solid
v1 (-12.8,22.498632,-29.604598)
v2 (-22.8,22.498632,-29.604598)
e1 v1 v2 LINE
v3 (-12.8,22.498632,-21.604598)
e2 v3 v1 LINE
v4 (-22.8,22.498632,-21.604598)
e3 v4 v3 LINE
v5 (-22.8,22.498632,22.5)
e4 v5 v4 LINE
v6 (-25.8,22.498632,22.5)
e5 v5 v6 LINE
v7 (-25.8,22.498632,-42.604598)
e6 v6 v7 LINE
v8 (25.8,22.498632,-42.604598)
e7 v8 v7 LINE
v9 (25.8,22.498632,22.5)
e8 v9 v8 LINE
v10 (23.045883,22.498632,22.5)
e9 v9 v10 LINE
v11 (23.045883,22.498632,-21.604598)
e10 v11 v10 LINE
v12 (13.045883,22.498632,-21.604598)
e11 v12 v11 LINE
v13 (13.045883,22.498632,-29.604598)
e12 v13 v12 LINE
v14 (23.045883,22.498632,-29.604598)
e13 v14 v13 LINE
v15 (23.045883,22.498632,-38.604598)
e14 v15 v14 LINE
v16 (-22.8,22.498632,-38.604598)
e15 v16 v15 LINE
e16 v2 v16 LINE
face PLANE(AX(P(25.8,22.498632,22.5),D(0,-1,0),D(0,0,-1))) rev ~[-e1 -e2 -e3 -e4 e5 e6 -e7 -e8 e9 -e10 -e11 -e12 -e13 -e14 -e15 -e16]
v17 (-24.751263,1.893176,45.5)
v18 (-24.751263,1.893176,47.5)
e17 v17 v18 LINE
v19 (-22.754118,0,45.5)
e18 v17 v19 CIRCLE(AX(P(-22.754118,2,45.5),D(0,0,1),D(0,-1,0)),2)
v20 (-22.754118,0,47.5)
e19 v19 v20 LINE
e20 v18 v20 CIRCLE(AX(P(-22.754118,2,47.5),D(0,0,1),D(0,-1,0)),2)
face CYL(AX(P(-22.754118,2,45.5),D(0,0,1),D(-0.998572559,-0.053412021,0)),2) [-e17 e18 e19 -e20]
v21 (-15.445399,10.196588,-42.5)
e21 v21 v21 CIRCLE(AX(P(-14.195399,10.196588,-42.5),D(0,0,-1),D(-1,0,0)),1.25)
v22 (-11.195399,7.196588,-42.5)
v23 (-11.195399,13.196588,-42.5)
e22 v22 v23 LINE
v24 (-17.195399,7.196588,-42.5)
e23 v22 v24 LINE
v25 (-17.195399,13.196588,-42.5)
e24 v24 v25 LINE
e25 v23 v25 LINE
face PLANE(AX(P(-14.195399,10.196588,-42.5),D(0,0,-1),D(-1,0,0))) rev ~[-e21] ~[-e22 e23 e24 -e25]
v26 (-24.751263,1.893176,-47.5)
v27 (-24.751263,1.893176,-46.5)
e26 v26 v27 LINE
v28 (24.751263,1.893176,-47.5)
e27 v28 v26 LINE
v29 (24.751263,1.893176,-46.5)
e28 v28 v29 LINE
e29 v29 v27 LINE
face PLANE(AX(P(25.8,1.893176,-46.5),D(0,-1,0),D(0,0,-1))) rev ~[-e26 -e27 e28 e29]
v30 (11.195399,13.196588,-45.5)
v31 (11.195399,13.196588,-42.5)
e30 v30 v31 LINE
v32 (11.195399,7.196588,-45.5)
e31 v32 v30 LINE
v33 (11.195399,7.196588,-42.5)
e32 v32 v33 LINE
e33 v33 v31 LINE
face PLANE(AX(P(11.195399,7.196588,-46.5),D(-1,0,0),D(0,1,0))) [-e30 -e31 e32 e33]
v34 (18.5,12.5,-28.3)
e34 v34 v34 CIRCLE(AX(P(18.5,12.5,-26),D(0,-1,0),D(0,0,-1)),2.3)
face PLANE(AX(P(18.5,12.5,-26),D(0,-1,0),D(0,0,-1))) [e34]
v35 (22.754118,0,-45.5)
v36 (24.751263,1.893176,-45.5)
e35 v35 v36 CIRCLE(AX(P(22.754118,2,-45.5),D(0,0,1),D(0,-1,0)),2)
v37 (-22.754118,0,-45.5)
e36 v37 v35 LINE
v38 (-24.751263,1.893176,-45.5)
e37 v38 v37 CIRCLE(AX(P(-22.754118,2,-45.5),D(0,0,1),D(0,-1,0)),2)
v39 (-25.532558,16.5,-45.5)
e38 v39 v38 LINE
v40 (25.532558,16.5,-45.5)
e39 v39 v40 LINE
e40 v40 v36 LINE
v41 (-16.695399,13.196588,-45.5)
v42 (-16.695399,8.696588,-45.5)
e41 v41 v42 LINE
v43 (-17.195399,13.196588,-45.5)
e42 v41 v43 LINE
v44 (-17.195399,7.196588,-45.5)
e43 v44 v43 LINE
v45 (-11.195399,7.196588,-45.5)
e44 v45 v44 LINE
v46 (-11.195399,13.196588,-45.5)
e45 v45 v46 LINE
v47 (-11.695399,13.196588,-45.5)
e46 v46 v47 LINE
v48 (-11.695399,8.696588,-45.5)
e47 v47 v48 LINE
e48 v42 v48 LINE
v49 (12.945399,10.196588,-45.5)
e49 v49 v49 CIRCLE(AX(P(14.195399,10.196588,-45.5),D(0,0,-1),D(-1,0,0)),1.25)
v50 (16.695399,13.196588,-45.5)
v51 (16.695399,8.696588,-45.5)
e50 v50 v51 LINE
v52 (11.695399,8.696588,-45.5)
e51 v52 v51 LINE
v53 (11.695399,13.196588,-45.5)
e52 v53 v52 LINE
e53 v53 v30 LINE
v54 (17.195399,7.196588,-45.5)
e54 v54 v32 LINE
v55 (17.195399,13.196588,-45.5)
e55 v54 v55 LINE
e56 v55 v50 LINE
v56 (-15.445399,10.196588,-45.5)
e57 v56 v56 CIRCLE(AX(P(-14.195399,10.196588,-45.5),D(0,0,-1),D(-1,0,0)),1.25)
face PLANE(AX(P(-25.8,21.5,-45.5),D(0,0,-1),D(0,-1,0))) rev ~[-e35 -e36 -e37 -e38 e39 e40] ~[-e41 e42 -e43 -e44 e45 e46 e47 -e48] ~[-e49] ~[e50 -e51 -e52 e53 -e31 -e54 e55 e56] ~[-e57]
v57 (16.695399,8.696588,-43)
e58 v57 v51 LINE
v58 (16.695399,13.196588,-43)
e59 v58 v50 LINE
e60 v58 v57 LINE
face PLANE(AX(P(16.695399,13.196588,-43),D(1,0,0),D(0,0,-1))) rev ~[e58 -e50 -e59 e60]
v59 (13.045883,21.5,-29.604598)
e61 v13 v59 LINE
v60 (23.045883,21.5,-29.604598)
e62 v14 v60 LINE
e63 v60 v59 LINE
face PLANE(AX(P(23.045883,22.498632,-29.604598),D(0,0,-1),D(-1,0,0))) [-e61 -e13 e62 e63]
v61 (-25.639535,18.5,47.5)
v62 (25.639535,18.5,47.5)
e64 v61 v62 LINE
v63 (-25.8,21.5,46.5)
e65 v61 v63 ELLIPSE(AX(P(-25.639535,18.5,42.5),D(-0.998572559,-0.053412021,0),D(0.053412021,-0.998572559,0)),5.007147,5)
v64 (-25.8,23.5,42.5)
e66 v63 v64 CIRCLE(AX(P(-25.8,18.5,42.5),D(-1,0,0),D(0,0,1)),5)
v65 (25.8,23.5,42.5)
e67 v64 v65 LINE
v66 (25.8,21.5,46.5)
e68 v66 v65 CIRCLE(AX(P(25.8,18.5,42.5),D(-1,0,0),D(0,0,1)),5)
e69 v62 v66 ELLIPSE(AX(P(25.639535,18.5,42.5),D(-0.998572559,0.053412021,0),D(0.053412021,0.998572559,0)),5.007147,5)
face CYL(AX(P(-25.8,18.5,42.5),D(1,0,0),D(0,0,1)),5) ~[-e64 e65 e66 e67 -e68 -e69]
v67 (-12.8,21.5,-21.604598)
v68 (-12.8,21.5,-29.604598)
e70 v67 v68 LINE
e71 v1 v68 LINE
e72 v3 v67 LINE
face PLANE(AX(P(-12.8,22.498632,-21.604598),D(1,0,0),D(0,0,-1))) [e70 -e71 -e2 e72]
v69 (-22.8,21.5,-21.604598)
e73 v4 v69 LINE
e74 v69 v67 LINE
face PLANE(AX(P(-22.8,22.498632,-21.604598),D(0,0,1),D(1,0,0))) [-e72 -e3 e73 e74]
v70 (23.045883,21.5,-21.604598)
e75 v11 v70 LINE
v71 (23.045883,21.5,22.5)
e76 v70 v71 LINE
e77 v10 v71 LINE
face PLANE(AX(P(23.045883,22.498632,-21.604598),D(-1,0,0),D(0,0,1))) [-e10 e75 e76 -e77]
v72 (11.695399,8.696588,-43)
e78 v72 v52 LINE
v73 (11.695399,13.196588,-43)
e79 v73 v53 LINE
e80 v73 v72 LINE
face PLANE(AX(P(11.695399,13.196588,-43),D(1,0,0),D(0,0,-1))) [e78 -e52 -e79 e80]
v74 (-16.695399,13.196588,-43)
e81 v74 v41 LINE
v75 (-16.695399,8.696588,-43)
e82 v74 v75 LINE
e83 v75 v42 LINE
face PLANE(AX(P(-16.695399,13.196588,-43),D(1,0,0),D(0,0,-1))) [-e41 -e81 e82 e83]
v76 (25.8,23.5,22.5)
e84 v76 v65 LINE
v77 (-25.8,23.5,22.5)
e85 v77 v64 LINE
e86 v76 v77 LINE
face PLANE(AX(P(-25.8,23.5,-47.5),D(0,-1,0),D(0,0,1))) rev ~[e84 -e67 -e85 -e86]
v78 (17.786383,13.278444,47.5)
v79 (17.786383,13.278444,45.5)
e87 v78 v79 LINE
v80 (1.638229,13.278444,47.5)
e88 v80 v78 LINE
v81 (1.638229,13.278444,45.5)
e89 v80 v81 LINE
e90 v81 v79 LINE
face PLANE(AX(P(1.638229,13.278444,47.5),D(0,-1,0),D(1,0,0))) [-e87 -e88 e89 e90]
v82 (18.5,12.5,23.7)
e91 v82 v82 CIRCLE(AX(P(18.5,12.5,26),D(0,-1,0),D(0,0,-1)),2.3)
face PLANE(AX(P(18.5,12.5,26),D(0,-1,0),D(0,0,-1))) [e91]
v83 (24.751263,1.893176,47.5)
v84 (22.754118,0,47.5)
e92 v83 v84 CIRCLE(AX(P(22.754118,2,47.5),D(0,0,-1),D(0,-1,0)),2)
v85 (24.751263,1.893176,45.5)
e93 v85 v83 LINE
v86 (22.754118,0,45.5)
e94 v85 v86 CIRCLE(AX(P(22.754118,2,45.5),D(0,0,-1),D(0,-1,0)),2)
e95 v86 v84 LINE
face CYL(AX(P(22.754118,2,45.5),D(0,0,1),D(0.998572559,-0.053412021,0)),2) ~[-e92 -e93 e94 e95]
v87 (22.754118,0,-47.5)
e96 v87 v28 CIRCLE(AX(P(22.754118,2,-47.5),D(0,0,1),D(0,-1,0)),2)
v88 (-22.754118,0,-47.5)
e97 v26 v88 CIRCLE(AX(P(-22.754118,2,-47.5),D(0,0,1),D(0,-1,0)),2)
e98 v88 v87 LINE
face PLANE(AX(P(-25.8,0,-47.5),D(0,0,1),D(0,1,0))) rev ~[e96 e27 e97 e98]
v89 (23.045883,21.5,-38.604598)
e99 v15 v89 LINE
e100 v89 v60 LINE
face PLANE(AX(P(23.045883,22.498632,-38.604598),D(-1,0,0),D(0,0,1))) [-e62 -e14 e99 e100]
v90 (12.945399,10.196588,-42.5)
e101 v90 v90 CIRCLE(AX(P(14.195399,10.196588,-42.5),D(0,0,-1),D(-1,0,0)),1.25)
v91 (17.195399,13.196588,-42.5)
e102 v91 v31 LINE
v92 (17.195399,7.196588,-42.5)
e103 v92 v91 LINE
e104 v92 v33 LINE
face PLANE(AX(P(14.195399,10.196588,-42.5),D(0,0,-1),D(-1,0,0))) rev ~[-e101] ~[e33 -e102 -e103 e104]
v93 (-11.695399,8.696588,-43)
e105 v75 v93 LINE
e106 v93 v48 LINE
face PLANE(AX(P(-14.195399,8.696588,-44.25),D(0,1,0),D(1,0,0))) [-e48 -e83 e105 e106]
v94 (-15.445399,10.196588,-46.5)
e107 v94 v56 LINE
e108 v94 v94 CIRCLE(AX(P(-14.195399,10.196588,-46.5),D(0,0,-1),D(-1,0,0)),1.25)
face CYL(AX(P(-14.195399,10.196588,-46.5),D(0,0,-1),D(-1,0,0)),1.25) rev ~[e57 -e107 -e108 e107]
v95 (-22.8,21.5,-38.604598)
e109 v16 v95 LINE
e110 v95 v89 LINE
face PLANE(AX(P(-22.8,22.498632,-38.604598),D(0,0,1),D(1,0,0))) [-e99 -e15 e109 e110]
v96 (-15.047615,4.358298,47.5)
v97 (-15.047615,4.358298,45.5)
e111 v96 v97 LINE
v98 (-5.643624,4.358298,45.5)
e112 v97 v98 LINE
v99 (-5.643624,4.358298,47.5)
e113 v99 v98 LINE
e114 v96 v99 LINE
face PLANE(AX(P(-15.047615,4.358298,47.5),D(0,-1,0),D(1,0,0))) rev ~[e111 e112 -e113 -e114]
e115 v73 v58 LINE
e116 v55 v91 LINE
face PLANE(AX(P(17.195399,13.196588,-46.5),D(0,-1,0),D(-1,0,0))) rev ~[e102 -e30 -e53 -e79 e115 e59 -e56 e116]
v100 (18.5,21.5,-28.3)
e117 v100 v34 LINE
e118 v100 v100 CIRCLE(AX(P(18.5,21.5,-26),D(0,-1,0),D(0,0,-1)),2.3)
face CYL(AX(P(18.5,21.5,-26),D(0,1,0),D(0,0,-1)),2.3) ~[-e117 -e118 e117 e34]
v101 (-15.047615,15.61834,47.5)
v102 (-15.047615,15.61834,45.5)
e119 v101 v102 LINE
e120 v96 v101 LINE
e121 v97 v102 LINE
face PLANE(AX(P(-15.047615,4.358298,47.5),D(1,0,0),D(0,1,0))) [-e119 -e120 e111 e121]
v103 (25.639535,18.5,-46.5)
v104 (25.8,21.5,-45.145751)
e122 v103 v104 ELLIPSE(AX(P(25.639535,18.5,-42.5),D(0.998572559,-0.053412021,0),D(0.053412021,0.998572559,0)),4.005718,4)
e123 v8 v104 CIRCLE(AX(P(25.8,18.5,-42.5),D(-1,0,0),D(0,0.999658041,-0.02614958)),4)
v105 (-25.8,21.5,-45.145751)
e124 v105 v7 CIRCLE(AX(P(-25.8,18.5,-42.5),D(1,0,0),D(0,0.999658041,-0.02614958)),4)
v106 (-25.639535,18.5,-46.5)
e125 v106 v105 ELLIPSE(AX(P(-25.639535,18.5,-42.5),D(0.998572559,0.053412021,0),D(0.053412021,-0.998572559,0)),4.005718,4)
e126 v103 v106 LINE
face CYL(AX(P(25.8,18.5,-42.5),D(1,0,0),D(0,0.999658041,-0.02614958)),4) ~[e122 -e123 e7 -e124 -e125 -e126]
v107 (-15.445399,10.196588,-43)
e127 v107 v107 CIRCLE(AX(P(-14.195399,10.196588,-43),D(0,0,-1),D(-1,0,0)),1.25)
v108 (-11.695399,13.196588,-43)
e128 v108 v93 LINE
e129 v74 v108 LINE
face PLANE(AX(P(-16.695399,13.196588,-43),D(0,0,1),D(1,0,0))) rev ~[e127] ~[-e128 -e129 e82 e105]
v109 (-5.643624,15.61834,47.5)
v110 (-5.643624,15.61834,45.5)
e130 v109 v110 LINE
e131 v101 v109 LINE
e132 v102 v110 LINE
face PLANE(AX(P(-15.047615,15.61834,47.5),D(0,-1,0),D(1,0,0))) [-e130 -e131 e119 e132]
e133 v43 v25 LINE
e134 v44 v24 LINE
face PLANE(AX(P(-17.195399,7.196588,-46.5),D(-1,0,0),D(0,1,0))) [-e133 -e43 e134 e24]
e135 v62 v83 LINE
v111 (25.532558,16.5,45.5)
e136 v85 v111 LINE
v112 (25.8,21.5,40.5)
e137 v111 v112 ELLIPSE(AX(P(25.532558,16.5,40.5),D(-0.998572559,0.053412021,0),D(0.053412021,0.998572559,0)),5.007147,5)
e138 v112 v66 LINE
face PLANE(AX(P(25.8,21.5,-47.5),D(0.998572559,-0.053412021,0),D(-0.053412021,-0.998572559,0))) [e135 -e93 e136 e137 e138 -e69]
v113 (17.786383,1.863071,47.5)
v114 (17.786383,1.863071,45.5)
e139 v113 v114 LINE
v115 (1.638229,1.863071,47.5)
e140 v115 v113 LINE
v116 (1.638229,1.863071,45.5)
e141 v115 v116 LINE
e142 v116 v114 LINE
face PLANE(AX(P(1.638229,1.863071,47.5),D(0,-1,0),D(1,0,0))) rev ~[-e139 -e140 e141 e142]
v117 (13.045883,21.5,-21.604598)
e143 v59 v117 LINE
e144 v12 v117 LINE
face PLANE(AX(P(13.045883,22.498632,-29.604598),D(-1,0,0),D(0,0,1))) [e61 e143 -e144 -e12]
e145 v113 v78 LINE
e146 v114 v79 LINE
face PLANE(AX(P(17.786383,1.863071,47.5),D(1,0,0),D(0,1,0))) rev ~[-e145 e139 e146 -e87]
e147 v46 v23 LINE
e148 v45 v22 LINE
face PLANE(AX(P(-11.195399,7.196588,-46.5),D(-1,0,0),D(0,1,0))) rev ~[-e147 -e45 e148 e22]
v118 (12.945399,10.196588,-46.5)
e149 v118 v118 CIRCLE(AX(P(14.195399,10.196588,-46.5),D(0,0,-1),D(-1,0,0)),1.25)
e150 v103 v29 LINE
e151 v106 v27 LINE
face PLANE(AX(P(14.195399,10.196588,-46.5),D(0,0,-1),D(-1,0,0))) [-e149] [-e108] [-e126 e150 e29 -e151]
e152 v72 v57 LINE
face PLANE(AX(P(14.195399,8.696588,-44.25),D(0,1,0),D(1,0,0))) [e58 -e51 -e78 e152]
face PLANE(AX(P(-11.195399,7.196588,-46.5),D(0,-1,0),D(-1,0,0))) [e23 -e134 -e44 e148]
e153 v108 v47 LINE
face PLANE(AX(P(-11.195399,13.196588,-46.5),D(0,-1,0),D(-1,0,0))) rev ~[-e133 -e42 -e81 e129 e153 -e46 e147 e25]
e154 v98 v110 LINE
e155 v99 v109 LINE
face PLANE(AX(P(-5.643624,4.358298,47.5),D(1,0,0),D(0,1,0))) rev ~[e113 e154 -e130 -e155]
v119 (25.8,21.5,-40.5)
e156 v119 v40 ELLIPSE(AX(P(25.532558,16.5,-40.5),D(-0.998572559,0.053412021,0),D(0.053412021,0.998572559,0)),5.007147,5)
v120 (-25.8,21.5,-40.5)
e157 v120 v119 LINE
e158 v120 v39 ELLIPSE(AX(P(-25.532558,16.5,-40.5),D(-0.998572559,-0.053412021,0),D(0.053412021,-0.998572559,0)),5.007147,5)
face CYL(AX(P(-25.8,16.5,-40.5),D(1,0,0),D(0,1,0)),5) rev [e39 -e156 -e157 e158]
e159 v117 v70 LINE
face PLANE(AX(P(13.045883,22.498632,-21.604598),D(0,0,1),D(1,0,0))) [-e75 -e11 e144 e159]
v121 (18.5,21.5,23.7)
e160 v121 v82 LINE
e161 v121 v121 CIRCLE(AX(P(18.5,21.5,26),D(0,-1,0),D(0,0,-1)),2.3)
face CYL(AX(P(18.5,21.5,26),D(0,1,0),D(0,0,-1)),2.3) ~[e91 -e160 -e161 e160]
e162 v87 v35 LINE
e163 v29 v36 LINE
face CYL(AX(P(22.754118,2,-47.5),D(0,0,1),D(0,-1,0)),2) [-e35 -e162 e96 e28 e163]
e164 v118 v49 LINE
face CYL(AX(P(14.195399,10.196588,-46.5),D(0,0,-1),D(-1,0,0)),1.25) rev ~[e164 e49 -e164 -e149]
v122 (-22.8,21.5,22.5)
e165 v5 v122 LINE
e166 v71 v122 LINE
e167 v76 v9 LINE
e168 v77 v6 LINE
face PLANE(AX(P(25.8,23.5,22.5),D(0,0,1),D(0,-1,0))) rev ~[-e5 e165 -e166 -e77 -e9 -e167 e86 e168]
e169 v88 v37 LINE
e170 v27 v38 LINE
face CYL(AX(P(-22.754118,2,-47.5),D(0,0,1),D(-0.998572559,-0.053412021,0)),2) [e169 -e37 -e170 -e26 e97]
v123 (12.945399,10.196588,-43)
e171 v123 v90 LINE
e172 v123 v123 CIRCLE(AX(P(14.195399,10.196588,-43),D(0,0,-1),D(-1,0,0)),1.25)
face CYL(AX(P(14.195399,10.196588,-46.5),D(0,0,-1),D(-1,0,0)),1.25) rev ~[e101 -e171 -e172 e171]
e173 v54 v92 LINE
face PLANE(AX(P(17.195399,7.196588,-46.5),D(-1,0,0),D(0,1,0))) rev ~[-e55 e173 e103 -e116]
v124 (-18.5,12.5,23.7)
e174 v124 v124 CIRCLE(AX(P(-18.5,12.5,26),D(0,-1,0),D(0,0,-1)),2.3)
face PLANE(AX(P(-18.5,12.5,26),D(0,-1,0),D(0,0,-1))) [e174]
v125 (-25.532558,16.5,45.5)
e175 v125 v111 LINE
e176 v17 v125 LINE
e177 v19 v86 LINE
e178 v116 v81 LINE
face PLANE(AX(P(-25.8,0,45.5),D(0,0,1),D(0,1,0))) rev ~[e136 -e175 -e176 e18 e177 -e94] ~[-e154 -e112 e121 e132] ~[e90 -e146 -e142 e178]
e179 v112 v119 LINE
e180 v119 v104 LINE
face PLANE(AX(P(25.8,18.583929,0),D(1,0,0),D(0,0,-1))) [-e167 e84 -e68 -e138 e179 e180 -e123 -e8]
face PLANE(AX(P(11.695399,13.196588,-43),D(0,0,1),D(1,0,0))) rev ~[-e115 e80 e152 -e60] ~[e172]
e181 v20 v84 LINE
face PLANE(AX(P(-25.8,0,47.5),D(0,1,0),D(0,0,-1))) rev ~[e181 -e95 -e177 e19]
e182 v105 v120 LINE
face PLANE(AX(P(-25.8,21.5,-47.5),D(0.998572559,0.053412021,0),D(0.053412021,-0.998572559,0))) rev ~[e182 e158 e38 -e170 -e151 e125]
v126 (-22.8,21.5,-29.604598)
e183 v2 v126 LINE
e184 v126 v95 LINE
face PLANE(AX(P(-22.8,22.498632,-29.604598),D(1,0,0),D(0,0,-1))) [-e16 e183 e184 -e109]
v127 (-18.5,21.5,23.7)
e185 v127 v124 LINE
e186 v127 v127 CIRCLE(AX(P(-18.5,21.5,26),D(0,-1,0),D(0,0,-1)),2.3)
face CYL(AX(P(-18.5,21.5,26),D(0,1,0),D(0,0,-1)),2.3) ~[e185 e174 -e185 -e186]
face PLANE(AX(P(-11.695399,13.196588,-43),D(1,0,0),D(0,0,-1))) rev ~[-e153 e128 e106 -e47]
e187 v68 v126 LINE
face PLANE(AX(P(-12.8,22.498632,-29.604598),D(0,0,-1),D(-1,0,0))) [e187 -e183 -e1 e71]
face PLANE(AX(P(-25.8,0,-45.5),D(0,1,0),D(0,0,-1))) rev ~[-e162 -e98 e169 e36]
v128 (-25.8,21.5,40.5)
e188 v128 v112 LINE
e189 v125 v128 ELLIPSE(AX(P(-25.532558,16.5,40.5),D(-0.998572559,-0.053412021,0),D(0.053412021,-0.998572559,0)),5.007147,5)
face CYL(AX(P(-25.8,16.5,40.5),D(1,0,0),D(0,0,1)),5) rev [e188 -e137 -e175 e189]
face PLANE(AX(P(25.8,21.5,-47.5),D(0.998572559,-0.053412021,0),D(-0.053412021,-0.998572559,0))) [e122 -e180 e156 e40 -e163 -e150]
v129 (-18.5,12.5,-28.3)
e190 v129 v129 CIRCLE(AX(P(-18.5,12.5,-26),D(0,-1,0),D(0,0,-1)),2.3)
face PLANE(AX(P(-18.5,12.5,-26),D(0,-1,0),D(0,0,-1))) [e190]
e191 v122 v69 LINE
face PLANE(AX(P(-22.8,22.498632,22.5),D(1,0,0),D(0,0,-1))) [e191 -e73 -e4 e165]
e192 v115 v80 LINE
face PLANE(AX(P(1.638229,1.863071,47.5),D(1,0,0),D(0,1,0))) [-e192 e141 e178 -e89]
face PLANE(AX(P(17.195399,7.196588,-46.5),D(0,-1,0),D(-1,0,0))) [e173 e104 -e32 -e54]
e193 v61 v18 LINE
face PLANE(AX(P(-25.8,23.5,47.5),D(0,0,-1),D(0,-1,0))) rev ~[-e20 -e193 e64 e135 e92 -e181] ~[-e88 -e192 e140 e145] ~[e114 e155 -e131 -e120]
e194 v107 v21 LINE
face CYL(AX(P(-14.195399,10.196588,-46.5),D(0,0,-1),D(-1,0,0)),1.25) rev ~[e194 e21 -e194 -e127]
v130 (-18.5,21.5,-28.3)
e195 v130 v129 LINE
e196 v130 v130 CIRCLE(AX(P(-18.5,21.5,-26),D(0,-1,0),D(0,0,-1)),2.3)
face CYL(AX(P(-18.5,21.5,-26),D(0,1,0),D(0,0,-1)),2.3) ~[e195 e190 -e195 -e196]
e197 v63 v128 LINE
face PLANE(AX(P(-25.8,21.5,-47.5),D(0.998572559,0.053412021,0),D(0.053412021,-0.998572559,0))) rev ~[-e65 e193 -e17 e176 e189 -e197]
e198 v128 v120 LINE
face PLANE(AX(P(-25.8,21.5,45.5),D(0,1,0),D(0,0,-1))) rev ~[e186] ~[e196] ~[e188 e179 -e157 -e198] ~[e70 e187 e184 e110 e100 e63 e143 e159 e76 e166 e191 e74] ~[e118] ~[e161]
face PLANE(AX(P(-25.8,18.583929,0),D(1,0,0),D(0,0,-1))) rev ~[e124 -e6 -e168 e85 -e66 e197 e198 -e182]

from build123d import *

# Parameters (mm, degrees)
BOSS_EXTRUDE1_DEPTH      = 25.8
BOSS_EXTRUDE1_DEPTH_BACK = 25.8
CUT_EXTRUDE2_DEPTH       = 105.5
FILLET3_R                = 2
FILLET2_R                = 5
SKETCH4_R                = 2.3
BOSS_EXTRUDE2_DEPTH      = 9
SKETCH8_W                = 9.403990972
SKETCH8_H                = 11.260041821
SKETCH8_W_2              = 16.148154032
SKETCH8_H_2              = 11.415373045
CUT_EXTRUDE5_DEPTH       = 10
CUT_EXTRUDE6_DEPTH       = 56
CUT_EXTRUDE7_DEPTH       = 56
SKETCH11_W               = 6
SKETCH11_H               = 6
BOSS_EXTRUDE3_DEPTH      = 4
SKETCH12_R               = 1.25
CUT_EXTRUDE8_DEPTH       = 7
SKETCH13_W               = 5
SKETCH13_H               = 2.5
CUT_EXTRUDE9_DEPTH       = 4.5


with BuildPart() as part:
    # Sketch1 → Boss-Extrude1 (new, two sides: drawn at the far end of the back side and taken through both)
    with BuildSketch(Plane(origin=(0, 0, 0), x_dir=(0, 0, -1), z_dir=(1, 0, 0)).offset(-BOSS_EXTRUDE1_DEPTH_BACK)):
        Polygon((-45.5, 0), (-45.5, 21.5), (45.5, 21.5), (45.5, 0), (47.5, 0), (47.5, 23.5), (-47.5, 23.5), (-47.5, 0), align=None)
    extrude(amount=BOSS_EXTRUDE1_DEPTH + BOSS_EXTRUDE1_DEPTH_BACK)

    # Sketch3 → Cut-Extrude2 (cut)
    with BuildSketch(Plane(origin=(0, 0, -47.5), x_dir=(-1, 0, 0), z_dir=(0, 0, -1))):
        Polygon((-25.8, 21.5), (-24.65, 0), (-25.8, 0), align=None)
        Polygon((25.8, 21.5), (24.65, 0), (25.8, 0), align=None)
    extrude(amount=-CUT_EXTRUDE2_DEPTH, mode=Mode.SUBTRACT)

    # Fillet3
    fillet3_edges = [part.edges().sort_by_distance(p)[0] for p in [
        (-24.65, 0, -46.5),
        (-24.65, 0, 46.5),
        (24.65, 0, 46.5),
        (24.65, 0, -46.5),
    ]]
    fillet(fillet3_edges, radius=FILLET3_R)

    # Fillet2
    fillet2_edges = [part.edges().sort_by_distance(p)[0] for p in [
        (0, 21.5, 45.5),
        (0, 23.5, 47.5),
        (0, 23.5, -47.5),
        (0, 21.5, -45.5),
    ]]
    fillet(fillet2_edges, radius=FILLET2_R)

    # Sketch4 → Boss-Extrude2 (add)
    with BuildSketch(Plane.XZ.offset(-21.5)):
        with Locations((-18.5, -26)):
            Circle(SKETCH4_R)
        with Locations((18.5, -26)):
            Circle(SKETCH4_R)
        with Locations((-18.5, 26)):
            Circle(SKETCH4_R)
        with Locations((18.5, 26)):
            Circle(SKETCH4_R)
    extrude(amount=BOSS_EXTRUDE2_DEPTH)

    # Sketch8 → Cut-Extrude5 (cut)
    with BuildSketch(Plane.XY.offset(47.5)):
        with Locations((-10.345619811, 9.988318774)):
            Rectangle(SKETCH8_W, SKETCH8_H)
        with Locations((9.712305605, 7.570757784)):
            Rectangle(SKETCH8_W_2, SKETCH8_H_2)
    extrude(amount=-CUT_EXTRUDE5_DEPTH, mode=Mode.SUBTRACT)

    # Sketch9 → Cut-Extrude6 (cut)
    with BuildSketch(Plane(origin=(25.8, 0, 0), x_dir=(0, 0, -1), z_dir=(1, 0, 0))):
        with BuildLine():
            Line((-22.5, 23.5), (-22.5, 22.498632165))
            Line((-22.5, 22.498632165), (42.604598318, 22.498632165))
            ThreePointArc((42.604598318, 22.498632165), (45.365169565, 21.291201061), (46.5, 18.5))
            Line((46.5, 18.5), (46.5, 1.893175959))
            Line((46.5, 1.893175959), (47.5, 1.893175959))
            Line((47.5, 1.893175959), (47.5, 18.5))
            ThreePointArc((47.5, 18.5), (46.035533906, 22.035533906), (42.5, 23.5))
            Line((42.5, 23.5), (-22.5, 23.5))
        make_face()
    extrude(amount=-CUT_EXTRUDE6_DEPTH, mode=Mode.SUBTRACT)

    # Sketch10 → Cut-Extrude7 (cut)
    with BuildSketch(Plane(origin=(0, 22.498632165, 0), x_dir=(1, 0, 0), z_dir=(0, 1, 0))):
        Polygon((-22.8, -22.5), (-22.8, 21.604598318), (-12.8, 21.604598318), (-12.8, 29.604598318), (-22.8, 29.604598318), (-22.8, 38.604598318), (23.045882962, 38.604598318), (23.045882962, 29.604598318), (13.045882962, 29.604598318), (13.045882962, 21.604598318), (23.045882962, 21.604598318), (23.045882962, -22.5), align=None)
    extrude(amount=-CUT_EXTRUDE7_DEPTH, mode=Mode.SUBTRACT)

    # Sketch11 → Boss-Extrude3 (add)
    with BuildSketch(Plane(origin=(0, 0, -46.5), x_dir=(-1, 0, 0), z_dir=(0, 0, -1))):
        with Locations((-14.195398892, 10.196587979)):
            Rectangle(SKETCH11_W, SKETCH11_H)
        with Locations((14.195398892, 10.196587979)):
            Rectangle(SKETCH11_W, SKETCH11_H)
    extrude(amount=-BOSS_EXTRUDE3_DEPTH)

    # Sketch12 → Cut-Extrude8 (cut)
    with BuildSketch(Plane(origin=(0, 0, -46.5), x_dir=(-1, 0, 0), z_dir=(0, 0, -1))):
        with Locations((14.195398892, 10.196587979)):
            Circle(SKETCH12_R)
        with Locations((-14.195398892, 10.196587979)):
            Circle(SKETCH12_R)
    extrude(amount=-CUT_EXTRUDE8_DEPTH, mode=Mode.SUBTRACT)

    # Sketch13 → Cut-Extrude9 (cut)
    with BuildSketch(Plane(origin=(0, 13.196587979, 0), x_dir=(1, 0, 0), z_dir=(0, 1, 0))):
        with Locations((14.195398892, 44.25)):
            Rectangle(SKETCH13_W, SKETCH13_H)
        with Locations((-14.195398892, 44.25)):
            Rectangle(SKETCH13_W, SKETCH13_H)
    extrude(amount=-CUT_EXTRUDE9_DEPTH, mode=Mode.SUBTRACT)


solid = part.part
